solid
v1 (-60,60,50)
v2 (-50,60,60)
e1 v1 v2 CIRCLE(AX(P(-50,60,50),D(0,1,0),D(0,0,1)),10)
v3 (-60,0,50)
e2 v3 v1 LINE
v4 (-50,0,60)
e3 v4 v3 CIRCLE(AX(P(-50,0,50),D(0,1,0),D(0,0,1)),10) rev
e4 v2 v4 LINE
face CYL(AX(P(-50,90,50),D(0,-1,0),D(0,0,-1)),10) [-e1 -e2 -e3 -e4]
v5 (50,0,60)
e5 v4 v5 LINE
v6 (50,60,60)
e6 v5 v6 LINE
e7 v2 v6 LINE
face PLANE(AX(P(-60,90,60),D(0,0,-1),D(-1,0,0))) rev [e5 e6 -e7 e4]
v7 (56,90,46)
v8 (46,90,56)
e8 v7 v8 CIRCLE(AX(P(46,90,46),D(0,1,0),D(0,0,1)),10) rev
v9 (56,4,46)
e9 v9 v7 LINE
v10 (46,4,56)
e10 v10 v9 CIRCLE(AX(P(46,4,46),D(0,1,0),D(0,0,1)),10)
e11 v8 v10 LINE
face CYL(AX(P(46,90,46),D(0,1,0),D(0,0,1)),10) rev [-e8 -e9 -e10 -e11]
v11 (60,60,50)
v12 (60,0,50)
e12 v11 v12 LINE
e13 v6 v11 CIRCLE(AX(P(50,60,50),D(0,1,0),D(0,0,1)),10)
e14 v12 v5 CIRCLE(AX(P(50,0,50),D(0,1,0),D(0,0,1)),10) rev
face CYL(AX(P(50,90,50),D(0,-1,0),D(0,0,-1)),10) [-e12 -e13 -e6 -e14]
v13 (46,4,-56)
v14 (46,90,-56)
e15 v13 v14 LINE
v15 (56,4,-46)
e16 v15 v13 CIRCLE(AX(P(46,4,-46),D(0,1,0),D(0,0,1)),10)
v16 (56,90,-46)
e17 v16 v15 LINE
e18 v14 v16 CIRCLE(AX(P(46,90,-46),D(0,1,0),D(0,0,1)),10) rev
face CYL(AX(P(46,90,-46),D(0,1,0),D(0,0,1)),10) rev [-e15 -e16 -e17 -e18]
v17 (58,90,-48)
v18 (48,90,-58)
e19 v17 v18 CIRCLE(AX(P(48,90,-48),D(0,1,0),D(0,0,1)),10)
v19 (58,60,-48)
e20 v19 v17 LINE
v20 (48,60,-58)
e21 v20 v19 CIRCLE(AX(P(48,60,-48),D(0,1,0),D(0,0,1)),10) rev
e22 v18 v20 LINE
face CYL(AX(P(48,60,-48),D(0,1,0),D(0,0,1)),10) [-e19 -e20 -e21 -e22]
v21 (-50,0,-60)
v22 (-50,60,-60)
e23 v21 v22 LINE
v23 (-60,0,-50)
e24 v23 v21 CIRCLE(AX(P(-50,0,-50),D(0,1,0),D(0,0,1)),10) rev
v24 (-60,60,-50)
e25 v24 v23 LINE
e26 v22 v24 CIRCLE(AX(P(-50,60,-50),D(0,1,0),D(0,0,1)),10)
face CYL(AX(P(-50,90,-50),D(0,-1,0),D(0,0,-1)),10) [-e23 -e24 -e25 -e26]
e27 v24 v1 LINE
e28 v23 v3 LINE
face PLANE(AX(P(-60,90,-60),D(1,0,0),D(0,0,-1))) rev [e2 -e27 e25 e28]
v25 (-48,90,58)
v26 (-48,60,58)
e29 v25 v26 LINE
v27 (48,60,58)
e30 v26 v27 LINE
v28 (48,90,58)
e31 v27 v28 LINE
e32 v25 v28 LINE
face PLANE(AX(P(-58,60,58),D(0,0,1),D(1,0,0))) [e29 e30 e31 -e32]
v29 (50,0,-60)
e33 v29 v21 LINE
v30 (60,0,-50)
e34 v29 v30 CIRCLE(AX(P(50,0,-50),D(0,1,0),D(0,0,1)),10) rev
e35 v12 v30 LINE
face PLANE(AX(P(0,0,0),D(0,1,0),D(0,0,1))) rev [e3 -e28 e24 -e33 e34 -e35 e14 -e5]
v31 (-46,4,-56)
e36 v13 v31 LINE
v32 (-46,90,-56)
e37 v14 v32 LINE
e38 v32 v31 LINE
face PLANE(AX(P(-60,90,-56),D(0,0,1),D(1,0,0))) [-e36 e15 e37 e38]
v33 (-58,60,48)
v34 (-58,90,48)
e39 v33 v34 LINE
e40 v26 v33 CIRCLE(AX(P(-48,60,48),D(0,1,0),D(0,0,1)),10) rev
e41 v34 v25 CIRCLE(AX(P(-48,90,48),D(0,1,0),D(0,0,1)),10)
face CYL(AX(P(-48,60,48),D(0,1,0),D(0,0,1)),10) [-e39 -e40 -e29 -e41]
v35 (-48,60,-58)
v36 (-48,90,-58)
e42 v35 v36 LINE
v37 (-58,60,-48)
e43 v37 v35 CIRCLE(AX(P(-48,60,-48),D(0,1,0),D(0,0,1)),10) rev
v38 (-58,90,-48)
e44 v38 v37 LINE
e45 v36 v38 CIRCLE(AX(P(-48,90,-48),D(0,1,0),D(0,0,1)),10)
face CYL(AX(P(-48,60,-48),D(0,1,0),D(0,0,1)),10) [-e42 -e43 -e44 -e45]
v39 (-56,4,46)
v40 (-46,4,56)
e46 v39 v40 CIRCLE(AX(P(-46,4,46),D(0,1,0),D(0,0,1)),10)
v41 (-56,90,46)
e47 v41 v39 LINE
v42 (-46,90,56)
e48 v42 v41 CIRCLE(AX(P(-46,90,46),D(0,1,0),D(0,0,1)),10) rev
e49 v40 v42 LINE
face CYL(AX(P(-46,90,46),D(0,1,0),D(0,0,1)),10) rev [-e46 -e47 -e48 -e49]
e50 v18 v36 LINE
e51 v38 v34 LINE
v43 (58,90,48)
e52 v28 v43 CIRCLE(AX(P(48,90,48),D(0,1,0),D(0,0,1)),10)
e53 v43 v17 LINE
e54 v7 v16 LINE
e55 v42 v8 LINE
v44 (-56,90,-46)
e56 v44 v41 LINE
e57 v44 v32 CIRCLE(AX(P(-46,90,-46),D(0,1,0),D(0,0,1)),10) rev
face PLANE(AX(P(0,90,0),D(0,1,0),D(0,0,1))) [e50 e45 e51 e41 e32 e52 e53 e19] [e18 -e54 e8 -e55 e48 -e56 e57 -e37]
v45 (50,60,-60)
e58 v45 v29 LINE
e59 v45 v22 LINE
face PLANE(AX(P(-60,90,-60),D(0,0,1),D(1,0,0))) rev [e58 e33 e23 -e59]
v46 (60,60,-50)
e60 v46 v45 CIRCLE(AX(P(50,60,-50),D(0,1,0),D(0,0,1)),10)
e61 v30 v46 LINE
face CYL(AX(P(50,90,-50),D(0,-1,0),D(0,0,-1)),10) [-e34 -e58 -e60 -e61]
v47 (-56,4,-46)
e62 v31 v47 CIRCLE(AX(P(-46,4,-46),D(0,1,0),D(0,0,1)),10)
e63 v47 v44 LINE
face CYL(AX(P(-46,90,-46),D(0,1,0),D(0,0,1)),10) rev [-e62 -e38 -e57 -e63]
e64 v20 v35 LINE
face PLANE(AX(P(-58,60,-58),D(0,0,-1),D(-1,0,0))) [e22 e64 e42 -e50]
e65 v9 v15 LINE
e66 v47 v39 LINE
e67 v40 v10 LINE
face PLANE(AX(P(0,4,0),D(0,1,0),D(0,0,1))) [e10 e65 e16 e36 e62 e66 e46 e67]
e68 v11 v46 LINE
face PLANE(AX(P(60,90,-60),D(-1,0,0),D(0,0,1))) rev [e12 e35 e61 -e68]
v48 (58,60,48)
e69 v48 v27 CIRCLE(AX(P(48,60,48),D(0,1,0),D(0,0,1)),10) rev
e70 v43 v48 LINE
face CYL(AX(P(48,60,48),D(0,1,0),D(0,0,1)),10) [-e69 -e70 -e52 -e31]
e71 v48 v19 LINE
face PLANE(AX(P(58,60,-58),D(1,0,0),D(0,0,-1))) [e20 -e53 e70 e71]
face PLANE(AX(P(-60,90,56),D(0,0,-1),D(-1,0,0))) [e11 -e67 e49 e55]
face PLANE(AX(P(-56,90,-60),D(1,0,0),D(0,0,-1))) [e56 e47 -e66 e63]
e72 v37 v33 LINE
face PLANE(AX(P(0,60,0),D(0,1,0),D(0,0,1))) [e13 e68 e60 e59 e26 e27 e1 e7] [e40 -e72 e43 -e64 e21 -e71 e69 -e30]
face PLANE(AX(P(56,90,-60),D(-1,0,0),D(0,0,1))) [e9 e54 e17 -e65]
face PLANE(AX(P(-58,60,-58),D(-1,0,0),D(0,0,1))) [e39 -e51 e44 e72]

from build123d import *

# Parameters (mm, degrees)
CROQUIS2_W                   = 120
CROQUIS2_H                   = 120
SALIENTE_EXTRUIR1_DEPTH      = 90
VACIADO2_T                   = -4
CROQUIS3_W                   = 136
CROQUIS3_H                   = 136
CROQUIS3_W_2                 = 116
CROQUIS3_H_2                 = 116
CORTAR_EXTRUIR_L_MINA1_DEPTH = 30
REDONDEO3_R                  = 10


with BuildPart() as part:
    # Croquis2 → Saliente-Extruir1 (new body)
    with BuildSketch(Plane(origin=(0, 0, 0), x_dir=(1, 0, 0), z_dir=(0, 1, 0))):
        Rectangle(CROQUIS2_W, CROQUIS2_H)
    extrude(amount=SALIENTE_EXTRUIR1_DEPTH)

    # Vaciado2
    vaciado2_openings = [part.faces().sort_by_distance(p)[0] for p in [
        (0, 90, 0),
    ]]
    offset(amount=VACIADO2_T, openings=vaciado2_openings, kind=Kind.INTERSECTION)

    # Croquis3 → Cortar-Extruir-L_mina1 (cut)
    with BuildSketch(Plane(origin=(0, 90, 0), x_dir=(1, 0, 0), z_dir=(0, 1, 0))):
        Rectangle(CROQUIS3_W, CROQUIS3_H)
        Rectangle(CROQUIS3_W_2, CROQUIS3_H_2, mode=Mode.SUBTRACT)
    extrude(amount=-CORTAR_EXTRUIR_L_MINA1_DEPTH, mode=Mode.SUBTRACT)

    # Redondeo3
    redondeo3_edges = [part.edges().sort_by_distance(p)[0] for p in [
        (56, 47, 56),
        (56, 47, -56),
        (-56, 47, -56),
        (-56, 47, 56),
        (60, 30, 60),
        (-60, 30, 60),
        (-60, 30, -60),
        (60, 30, -60),
        (58, 75, 58),
        (-58, 75, 58),
        (-58, 75, -58),
        (58, 75, -58),
    ]]
    fillet(redondeo3_edges, radius=REDONDEO3_R)


solid = part.part
